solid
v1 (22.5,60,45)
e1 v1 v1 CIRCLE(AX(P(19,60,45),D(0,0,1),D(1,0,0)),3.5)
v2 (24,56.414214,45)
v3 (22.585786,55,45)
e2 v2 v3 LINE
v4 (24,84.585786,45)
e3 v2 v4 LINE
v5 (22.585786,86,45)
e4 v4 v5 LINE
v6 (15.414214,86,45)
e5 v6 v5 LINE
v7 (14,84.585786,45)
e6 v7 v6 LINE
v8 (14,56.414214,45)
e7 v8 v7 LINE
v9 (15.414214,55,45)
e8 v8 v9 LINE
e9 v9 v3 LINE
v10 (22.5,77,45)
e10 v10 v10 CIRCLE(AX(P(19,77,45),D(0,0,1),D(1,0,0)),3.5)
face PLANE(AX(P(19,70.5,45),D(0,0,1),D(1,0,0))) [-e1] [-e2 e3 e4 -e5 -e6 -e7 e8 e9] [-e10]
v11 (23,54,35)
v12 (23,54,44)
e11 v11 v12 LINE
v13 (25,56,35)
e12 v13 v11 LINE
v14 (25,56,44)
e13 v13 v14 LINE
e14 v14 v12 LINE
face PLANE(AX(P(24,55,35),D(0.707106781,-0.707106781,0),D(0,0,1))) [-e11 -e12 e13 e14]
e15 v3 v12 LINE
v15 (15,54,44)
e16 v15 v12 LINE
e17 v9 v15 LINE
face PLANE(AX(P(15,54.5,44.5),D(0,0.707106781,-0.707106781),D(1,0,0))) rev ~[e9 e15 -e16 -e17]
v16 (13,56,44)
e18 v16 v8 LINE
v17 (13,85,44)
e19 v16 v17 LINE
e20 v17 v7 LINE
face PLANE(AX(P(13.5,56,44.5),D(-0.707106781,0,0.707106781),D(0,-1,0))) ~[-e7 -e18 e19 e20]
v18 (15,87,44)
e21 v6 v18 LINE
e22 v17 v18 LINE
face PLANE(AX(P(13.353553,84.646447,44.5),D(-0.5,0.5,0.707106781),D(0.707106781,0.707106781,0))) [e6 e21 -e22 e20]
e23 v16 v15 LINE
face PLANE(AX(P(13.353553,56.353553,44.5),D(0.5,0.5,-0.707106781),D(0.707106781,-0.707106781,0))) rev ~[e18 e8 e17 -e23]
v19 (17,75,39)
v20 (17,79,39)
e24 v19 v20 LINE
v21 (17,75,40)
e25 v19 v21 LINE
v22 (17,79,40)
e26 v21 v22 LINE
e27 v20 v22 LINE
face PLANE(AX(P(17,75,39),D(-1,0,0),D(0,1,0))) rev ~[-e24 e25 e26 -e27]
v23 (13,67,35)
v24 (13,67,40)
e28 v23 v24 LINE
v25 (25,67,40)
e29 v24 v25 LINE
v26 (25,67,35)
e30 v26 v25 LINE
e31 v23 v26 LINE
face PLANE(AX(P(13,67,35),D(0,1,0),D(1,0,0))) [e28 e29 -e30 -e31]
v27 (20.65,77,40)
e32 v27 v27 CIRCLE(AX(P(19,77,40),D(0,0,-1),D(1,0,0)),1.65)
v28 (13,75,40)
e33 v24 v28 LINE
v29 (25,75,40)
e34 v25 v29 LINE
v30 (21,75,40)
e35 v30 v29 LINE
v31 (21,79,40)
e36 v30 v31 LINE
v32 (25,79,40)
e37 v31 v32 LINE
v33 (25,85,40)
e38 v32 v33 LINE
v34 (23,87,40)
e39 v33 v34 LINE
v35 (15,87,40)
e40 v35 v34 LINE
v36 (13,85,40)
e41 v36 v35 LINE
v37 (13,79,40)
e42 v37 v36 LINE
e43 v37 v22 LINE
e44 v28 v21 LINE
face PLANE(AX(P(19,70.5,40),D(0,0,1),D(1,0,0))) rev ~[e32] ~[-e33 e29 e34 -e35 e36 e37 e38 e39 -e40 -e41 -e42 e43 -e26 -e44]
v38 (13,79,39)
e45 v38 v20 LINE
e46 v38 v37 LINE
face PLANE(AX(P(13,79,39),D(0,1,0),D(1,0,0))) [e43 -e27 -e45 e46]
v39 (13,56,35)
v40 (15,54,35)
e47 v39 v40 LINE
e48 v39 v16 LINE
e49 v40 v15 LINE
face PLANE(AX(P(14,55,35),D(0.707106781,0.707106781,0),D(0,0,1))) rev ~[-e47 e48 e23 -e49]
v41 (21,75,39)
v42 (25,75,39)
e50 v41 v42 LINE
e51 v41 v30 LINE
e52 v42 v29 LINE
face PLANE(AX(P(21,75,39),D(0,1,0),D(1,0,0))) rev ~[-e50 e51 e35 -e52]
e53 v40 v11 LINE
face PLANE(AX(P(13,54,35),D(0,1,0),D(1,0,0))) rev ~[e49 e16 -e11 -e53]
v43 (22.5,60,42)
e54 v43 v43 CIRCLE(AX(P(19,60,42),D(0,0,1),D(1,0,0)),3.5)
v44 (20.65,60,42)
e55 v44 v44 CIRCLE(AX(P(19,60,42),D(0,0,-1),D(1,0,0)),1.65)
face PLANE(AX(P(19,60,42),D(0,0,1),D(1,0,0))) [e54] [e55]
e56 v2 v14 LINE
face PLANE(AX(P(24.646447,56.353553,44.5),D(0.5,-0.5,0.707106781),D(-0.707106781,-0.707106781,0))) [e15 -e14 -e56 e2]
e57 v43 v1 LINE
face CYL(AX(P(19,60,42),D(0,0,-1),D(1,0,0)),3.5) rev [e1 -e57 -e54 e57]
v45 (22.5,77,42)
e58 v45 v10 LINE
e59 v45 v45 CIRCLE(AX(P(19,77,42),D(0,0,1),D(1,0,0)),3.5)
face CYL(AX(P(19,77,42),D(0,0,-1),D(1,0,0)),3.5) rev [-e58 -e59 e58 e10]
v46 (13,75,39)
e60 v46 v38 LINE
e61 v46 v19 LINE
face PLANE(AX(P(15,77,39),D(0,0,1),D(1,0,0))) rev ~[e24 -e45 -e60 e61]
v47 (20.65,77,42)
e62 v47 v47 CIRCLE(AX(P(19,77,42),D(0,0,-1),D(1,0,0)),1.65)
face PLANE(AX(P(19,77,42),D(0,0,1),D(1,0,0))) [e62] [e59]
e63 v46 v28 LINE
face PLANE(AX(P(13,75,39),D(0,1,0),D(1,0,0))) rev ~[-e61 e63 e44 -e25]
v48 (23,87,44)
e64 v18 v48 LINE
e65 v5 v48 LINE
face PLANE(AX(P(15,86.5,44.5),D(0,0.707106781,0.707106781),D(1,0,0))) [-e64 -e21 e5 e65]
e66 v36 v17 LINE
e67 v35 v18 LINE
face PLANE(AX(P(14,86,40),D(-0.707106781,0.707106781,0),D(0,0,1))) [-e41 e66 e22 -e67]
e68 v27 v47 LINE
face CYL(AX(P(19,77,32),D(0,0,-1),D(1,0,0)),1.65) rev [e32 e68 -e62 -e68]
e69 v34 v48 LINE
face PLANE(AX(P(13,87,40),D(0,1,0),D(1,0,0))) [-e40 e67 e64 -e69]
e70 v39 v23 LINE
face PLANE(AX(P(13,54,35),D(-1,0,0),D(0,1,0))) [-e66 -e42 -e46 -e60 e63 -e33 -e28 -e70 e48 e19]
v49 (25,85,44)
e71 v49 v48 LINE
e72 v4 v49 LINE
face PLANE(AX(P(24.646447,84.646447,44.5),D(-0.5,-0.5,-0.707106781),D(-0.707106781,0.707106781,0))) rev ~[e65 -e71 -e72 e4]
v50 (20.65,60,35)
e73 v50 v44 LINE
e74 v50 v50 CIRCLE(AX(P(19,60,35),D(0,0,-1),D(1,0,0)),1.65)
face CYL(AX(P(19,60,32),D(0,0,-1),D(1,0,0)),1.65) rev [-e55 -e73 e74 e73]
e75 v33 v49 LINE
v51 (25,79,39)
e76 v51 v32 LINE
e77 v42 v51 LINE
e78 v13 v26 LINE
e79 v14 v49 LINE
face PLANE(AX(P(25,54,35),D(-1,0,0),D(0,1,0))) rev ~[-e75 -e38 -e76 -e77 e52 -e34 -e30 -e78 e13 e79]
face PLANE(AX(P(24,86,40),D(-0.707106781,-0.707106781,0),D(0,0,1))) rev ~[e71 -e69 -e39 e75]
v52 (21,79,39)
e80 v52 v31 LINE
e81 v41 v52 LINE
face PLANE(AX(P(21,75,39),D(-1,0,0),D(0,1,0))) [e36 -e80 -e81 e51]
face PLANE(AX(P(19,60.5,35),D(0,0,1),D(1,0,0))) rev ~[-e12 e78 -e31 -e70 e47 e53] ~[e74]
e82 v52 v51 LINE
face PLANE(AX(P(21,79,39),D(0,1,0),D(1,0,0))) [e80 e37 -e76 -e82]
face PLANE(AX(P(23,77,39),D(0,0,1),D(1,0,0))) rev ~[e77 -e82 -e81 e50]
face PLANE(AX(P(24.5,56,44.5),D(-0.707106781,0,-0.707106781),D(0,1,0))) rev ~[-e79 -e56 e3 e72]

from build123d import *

# Parameters (mm, degrees)
CYLINDER029_R      = 3.5
CYLINDER029_DEPTH  = 3
CYLINDER030_R      = 3.5
CYLINDER030_DEPTH  = 3
CYLINDER031_R      = 1.65
CYLINDER031_DEPTH  = 15
CYLINDER032_R      = 1.65
CYLINDER032_DEPTH  = 15
BOX023_W           = 12
BOX023_H           = 13
BOX023_DEPTH       = 5
BOX019_W           = 12
BOX019_H           = 33
BOX019_DEPTH       = 5
CHAMFER006011_SIZE = 2
CHAMFER006012_SIZE = 1
BOX025_W           = 4
BOX025_H           = 4
BOX025_DEPTH       = 1
BOX026_W           = 4
BOX026_H           = 4
BOX026_DEPTH       = 1


with BuildPart() as cylinder029:
    # Cylinder029 → Cylinder029 (new body)
    with BuildSketch(Plane(origin=(19, 77, 32), x_dir=(1, 0, 0), z_dir=(0, 0, 1))):
        Circle(CYLINDER029_R)
    extrude(amount=CYLINDER029_DEPTH)


with BuildPart() as fusion024004:
    # Cylinder030 → Cylinder030 (new body)
    with BuildSketch(Plane(origin=(19, 60, 32), x_dir=(1, 0, 0), z_dir=(0, 0, 1))):
        Circle(CYLINDER030_R)
    extrude(amount=CYLINDER030_DEPTH)

    # Fusion024004: union Cylinder029
    add(cylinder029.part)


with BuildPart() as fusion024004_1:
    # Fusion024004 placement: moved
    add(fusion024004.part.moved(Location((0, 0, 10))))


with BuildPart() as cylinder031:
    # Cylinder031 → Cylinder031 (new body)
    with BuildSketch(Plane(origin=(19, 60, 32), x_dir=(1, 0, 0), z_dir=(0, 0, 1))):
        Circle(CYLINDER031_R)
    extrude(amount=CYLINDER031_DEPTH)


with BuildPart() as fusion024003:
    # Cylinder032 → Cylinder032 (new body)
    with BuildSketch(Plane(origin=(19, 77, 32), x_dir=(1, 0, 0), z_dir=(0, 0, 1))):
        Circle(CYLINDER032_R)
    extrude(amount=CYLINDER032_DEPTH)

    # Fusion024003: union Cylinder031
    add(cylinder031.part)


with BuildPart() as cube023:
    # Box023 → Box023 (new body)
    with BuildSketch(Plane(origin=(13, 54, 35), x_dir=(1, 0, 0), z_dir=(0, 0, 1))):
        with Locations((6, 6.5)):
            Rectangle(BOX023_W, BOX023_H)
    extrude(amount=BOX023_DEPTH)


with BuildPart() as cut003002006013012006025005:
    # Box019 → Box019 (new body)
    with BuildSketch(Plane(origin=(13, 54, 40), x_dir=(1, 0, 0), z_dir=(0, 0, 1))):
        with Locations((6, 16.5)):
            Rectangle(BOX019_W, BOX019_H)
    extrude(amount=BOX019_DEPTH)

    # Fusion024002: union Cube023
    add(cube023.part)

    # Chamfer006011
    chamfer006011_edges = [cut003002006013012006025005.edges().sort_by_distance(p)[0] for p in [
        (13, 54, 42.5),
        (13, 87, 42.5),
        (25, 54, 42.5),
        (25, 87, 42.5),
    ]]
    chamfer(chamfer006011_edges, length=CHAMFER006011_SIZE)

    # Chamfer006012
    chamfer006012_edges = [cut003002006013012006025005.edges().sort_by_distance(p)[0] for p in [
        (13, 70.5, 45),
        (14, 55, 45),
        (14, 86, 45),
        (19, 54, 45),
        (19, 87, 45),
        (24, 55, 45),
        (24, 86, 45),
        (25, 70.5, 45),
    ]]
    chamfer(chamfer006012_edges, length=CHAMFER006012_SIZE)

    # Cut003002006013012006025004: cut Fusion024003
    add(fusion024003.part, mode=Mode.SUBTRACT)

    # Cut003002006013012006025005: cut Fusion024004
    add(fusion024004_1.part, mode=Mode.SUBTRACT)


with BuildPart() as cube025:
    # Box025 → Box025 (new body)
    with BuildSketch(Plane(origin=(13, 75, 0), x_dir=(1, 0, 0), z_dir=(0, 0, 1))):
        with Locations((2, 2)):
            Rectangle(BOX025_W, BOX025_H)
    extrude(amount=BOX025_DEPTH)


with BuildPart() as mounter_big:
    # Box026 → Box026 (new body)
    with BuildSketch(Plane(origin=(21, 75, 0), x_dir=(1, 0, 0), z_dir=(0, 0, 1))):
        with Locations((2, 2)):
            Rectangle(BOX026_W, BOX026_H)
    extrude(amount=BOX026_DEPTH)

    # Fusion024005: union Cube025
    add(cube025.part)


with BuildPart() as mounter_big_1:
    # Fusion024005 placement: moved
    add(mounter_big.part.moved(Location((0, 0, 39))))

    # Fusion024006: union Cut003002006013012006025005
    add(cut003002006013012006025005.part)


solid = mounter_big_1.part
